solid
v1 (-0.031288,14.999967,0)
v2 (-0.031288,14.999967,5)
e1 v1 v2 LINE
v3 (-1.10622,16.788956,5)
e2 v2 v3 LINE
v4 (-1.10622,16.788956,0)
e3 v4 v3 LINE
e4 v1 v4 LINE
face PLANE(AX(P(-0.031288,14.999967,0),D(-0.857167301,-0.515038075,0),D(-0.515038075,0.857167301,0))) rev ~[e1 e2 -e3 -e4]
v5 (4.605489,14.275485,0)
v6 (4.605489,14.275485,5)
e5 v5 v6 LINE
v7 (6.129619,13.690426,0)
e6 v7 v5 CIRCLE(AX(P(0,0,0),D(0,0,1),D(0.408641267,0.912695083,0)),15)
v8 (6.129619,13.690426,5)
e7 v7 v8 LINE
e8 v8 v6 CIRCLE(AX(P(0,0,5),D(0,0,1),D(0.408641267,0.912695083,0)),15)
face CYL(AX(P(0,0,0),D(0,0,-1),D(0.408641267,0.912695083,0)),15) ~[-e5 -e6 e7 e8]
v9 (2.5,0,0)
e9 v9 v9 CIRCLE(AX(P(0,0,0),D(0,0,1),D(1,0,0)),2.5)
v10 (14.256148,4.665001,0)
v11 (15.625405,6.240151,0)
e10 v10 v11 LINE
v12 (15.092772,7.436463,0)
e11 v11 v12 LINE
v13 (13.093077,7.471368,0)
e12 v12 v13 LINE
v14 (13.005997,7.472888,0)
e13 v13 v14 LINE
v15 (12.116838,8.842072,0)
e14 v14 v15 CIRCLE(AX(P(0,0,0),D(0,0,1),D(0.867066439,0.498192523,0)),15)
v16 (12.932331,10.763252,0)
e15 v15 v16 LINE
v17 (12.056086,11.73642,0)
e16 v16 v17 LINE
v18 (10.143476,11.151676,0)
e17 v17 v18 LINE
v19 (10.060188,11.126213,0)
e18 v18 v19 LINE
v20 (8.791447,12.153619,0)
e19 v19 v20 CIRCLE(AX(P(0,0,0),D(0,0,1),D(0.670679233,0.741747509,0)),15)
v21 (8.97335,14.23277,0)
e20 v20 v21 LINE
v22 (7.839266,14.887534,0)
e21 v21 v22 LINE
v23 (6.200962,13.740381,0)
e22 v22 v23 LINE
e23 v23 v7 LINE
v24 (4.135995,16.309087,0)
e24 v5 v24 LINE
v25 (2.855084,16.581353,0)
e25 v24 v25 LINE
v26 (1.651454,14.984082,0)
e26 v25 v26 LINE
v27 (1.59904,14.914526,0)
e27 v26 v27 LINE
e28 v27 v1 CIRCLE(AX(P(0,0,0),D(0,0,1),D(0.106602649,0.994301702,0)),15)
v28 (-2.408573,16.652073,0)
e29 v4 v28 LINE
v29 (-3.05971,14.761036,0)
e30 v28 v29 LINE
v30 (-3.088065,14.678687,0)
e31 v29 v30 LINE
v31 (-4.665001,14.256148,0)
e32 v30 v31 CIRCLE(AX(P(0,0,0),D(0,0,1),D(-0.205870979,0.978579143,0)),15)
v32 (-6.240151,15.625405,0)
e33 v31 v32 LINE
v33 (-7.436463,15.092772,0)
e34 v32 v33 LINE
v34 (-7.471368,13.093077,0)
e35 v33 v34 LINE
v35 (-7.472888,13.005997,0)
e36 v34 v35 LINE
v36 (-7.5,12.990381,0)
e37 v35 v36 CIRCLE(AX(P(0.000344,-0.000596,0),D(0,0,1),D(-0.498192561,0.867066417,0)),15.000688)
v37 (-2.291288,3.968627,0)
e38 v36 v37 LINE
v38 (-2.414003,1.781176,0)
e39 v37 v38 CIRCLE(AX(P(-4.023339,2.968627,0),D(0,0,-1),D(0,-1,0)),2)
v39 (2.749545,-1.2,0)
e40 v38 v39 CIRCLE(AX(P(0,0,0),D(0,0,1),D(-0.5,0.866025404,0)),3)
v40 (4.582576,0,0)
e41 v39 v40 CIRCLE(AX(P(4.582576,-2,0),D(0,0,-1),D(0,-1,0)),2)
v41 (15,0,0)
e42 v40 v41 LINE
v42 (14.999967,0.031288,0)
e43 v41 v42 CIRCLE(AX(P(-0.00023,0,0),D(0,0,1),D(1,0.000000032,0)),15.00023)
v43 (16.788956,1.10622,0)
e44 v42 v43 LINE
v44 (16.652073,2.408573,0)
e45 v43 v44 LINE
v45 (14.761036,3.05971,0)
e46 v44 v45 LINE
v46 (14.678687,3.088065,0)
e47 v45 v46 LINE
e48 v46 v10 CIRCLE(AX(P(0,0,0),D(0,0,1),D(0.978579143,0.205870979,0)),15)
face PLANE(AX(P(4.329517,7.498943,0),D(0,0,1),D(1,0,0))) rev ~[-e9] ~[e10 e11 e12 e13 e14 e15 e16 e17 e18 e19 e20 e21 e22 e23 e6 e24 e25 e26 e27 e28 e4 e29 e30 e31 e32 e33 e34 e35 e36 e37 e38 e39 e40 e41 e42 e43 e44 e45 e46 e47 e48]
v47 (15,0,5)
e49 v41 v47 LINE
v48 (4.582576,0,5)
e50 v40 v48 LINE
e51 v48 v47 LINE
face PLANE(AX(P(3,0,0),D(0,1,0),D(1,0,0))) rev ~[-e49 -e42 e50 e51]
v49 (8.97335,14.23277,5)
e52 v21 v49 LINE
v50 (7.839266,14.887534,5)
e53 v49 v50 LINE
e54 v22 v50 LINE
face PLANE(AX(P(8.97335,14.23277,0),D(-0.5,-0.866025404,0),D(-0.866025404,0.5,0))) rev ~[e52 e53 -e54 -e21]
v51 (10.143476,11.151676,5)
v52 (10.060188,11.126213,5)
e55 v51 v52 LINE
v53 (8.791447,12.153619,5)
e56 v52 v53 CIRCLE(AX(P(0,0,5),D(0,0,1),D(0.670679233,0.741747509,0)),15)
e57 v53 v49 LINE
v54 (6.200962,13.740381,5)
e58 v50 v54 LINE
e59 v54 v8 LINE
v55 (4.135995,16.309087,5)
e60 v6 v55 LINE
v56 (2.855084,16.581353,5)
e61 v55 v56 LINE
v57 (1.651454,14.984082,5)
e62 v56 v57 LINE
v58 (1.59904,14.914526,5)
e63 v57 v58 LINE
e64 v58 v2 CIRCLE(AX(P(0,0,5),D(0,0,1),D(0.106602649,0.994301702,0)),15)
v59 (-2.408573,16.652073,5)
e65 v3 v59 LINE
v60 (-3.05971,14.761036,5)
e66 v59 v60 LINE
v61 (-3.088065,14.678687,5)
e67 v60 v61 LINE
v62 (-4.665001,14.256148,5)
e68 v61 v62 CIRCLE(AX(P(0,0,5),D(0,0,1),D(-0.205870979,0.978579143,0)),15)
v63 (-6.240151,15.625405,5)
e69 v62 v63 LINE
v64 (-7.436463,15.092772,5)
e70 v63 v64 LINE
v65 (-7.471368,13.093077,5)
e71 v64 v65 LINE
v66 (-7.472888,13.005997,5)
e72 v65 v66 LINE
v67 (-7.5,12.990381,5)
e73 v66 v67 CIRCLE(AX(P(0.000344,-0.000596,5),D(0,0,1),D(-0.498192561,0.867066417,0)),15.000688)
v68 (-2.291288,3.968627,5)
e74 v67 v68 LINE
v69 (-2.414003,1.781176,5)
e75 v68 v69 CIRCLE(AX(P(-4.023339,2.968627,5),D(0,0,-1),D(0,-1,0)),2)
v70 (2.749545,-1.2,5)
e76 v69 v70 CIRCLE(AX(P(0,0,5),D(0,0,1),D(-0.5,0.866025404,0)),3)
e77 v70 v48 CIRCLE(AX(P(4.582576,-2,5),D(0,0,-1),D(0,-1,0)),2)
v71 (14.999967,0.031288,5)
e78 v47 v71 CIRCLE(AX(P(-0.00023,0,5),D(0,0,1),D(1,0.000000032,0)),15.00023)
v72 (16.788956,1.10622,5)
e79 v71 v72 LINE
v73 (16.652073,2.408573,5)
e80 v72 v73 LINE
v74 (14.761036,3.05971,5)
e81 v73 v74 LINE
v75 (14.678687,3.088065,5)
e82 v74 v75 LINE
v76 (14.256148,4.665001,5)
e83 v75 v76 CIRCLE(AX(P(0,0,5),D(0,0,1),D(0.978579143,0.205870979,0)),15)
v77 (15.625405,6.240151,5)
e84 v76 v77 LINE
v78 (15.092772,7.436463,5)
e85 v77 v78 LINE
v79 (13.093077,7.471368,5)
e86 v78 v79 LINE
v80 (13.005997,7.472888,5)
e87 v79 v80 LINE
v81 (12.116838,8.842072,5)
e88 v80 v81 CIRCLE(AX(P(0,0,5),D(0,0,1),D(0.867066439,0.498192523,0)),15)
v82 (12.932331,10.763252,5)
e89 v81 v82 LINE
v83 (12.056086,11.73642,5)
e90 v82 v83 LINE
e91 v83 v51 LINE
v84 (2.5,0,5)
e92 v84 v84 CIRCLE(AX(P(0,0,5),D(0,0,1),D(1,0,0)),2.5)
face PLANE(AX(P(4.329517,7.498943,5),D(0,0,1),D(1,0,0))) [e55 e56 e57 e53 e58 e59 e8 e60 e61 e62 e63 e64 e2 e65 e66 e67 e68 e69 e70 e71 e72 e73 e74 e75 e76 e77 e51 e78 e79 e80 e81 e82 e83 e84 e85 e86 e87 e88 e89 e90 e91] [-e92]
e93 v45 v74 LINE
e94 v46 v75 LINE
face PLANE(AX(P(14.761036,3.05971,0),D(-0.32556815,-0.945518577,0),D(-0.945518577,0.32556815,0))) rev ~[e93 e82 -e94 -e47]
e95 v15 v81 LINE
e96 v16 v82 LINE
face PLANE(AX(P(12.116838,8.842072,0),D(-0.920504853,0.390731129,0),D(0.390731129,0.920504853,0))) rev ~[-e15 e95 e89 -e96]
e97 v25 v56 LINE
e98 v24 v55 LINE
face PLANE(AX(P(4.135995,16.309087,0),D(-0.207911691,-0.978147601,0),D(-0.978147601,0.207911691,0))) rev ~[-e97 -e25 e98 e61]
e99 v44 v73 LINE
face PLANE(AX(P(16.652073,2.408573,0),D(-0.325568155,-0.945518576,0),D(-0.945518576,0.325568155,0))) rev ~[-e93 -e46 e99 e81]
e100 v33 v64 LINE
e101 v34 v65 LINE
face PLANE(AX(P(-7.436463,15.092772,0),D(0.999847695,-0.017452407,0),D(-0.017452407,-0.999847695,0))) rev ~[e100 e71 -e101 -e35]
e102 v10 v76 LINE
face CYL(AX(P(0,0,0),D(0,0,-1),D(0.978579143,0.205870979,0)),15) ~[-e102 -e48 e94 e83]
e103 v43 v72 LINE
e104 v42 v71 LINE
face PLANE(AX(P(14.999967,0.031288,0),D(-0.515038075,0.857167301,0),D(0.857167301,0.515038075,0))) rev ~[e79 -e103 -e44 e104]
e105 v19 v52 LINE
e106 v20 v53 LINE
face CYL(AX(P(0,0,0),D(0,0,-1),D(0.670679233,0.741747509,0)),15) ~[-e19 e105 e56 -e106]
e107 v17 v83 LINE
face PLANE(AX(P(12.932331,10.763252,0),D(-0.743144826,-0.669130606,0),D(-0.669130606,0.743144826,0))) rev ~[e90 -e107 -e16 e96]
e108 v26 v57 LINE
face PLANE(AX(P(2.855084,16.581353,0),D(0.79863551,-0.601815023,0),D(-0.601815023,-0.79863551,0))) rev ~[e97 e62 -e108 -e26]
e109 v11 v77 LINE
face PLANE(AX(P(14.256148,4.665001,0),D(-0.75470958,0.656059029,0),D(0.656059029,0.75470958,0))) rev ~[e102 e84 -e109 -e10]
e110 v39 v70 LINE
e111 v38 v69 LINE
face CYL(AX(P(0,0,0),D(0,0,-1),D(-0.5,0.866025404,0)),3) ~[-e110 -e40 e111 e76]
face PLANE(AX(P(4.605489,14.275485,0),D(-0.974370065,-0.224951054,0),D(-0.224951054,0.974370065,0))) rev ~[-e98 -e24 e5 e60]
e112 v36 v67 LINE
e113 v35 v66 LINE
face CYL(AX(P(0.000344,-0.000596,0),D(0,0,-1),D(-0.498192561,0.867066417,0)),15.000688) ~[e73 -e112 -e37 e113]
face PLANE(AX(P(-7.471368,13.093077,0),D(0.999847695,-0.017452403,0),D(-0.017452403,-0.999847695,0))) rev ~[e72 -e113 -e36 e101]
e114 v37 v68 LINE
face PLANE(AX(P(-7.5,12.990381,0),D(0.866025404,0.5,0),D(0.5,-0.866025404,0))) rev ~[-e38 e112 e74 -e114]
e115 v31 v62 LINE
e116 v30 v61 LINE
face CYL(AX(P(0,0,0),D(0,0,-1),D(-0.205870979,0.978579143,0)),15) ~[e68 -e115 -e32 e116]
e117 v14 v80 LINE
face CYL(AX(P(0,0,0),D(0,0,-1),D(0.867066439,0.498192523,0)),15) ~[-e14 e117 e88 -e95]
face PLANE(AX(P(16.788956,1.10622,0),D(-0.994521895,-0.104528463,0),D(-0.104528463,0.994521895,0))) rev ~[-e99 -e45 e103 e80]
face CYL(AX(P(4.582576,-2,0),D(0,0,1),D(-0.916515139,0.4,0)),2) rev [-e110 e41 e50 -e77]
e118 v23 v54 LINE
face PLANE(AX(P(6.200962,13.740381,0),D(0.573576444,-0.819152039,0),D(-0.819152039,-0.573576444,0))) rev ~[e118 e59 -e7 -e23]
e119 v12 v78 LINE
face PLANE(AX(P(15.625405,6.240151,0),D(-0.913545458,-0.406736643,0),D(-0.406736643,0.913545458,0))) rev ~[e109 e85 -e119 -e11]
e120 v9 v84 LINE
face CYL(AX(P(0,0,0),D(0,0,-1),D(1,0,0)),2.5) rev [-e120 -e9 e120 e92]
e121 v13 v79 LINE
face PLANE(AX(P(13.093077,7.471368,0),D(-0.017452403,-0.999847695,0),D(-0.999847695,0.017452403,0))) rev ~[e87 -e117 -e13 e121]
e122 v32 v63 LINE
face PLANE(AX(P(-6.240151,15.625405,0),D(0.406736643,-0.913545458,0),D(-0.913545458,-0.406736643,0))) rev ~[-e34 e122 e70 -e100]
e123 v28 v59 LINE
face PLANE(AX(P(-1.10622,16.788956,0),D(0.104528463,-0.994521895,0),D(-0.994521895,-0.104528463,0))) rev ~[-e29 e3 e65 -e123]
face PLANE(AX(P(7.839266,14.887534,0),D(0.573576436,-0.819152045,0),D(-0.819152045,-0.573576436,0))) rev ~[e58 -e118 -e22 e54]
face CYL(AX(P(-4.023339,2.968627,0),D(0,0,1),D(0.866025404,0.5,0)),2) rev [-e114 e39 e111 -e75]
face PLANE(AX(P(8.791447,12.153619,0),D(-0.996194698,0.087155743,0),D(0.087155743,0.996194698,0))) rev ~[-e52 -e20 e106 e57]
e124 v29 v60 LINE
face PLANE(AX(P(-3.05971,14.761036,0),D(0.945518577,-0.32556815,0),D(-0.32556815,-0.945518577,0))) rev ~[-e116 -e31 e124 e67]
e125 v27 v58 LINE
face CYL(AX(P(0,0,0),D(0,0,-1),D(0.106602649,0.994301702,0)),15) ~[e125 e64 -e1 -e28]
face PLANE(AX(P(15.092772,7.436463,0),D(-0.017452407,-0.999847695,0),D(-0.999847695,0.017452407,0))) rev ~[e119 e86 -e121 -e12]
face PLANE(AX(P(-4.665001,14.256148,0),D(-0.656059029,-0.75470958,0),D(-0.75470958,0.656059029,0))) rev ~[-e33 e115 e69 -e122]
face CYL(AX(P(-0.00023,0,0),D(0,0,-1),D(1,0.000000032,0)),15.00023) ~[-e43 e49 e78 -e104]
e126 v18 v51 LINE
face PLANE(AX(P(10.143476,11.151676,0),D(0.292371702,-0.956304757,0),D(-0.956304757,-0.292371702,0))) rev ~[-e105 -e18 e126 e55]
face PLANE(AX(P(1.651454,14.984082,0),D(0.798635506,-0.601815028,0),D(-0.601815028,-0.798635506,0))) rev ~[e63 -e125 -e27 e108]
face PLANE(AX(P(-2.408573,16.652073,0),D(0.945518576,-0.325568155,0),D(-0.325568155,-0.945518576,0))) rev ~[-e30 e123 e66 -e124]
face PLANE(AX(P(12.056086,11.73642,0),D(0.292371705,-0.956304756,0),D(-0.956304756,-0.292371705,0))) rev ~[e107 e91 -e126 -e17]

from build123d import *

# Parameters (mm, degrees)
SKETCH1_R           = 2.5
BOSS_EXTRUDE1_DEPTH = 5
FILLET1_R           = 2
FILLET2_R           = 2


with BuildPart() as part:
    # Sketch1 → Boss-Extrude1 (new body)
    with BuildSketch(Plane.XY):
        with BuildLine():
            Line((-7.5, 12.990381057), (-1.5, 2.598076211))
            ThreePointArc((-1.5, 2.598076211), (-1.5, -2.598076211), (3, 0))
            Line((3, 0), (15, 0))
            ThreePointArc((15, 0), (14.999991842, 0.01564381), (14.999967369, 0.031287604))
            Line((14.999967369, 0.031287604), (16.788955727, 1.106220256))
            Line((16.788955727, 1.106220256), (16.652072887, 2.408573483))
            Line((16.652072887, 2.408573483), (14.761035736, 3.059709792))
            Line((14.761035736, 3.059709792), (14.678687152, 3.088064683))
            ThreePointArc((14.678687152, 3.088064683), (14.488887394, 3.882285677), (14.25614831, 4.665001112))
            Line((14.25614831, 4.665001112), (15.625404887, 6.24015062))
            Line((15.625404887, 6.24015062), (15.09277229, 7.43646302))
            Line((15.09277229, 7.43646302), (13.0930769, 7.471367833))
            Line((13.0930769, 7.471367833), (13.0059966, 7.472887825))
            ThreePointArc((13.0059966, 7.472887825), (12.580058519, 8.169585525), (12.116838125, 8.842071808))
            Line((12.116838125, 8.842071808), (12.932330549, 10.763251564))
            Line((12.932330549, 10.763251564), (12.056085985, 11.736419743))
            Line((12.056085985, 11.736419743), (10.143476473, 11.151676334))
            Line((10.143476473, 11.151676334), (10.060188482, 11.12621264))
            ThreePointArc((10.060188482, 11.12621264), (9.439805866, 11.657189422), (8.791447401, 12.153618909))
            Line((8.791447401, 12.153618909), (8.973349591, 14.232770453))
            Line((8.973349591, 14.232770453), (7.839265983, 14.887533929))
            Line((7.839265983, 14.887533929), (6.200961894, 13.740381057))
            Line((6.200961894, 13.740381057), (6.129619023, 13.69042624))
            ThreePointArc((6.129619023, 13.69042624), (5.375519243, 14.003706397), (4.605488553, 14.275485112))
            Line((4.605488553, 14.275485112), (4.135994655, 16.309086604))
            Line((4.135994655, 16.309086604), (2.855084007, 16.581352567))
            Line((2.855084007, 16.581352567), (1.651453961, 14.984081547))
            Line((1.651453961, 14.984081547), (1.599039745, 14.914525534))
            ThreePointArc((1.599039745, 14.914525534), (0.785039344, 14.979443021), (-0.031287604, 14.999967369))
            Line((-0.031287604, 14.999967369), (-1.106220256, 16.788955727))
            Line((-1.106220256, 16.788955727), (-2.408573483, 16.652072887))
            Line((-2.408573483, 16.652072887), (-3.059709792, 14.761035736))
            Line((-3.059709792, 14.761035736), (-3.088064683, 14.678687152))
            ThreePointArc((-3.088064683, 14.678687152), (-3.882285677, 14.488887394), (-4.665001112, 14.25614831))
            Line((-4.665001112, 14.25614831), (-6.24015062, 15.625404887))
            Line((-6.24015062, 15.625404887), (-7.43646302, 15.09277229))
            Line((-7.43646302, 15.09277229), (-7.471367833, 13.0930769))
            Line((-7.471367833, 13.0930769), (-7.472887825, 13.0059966))
            ThreePointArc((-7.472887825, 13.0059966), (-7.486447984, 12.998195897), (-7.5, 12.990381057))
        make_face()
        Circle(SKETCH1_R, mode=Mode.SUBTRACT)
    extrude(amount=BOSS_EXTRUDE1_DEPTH)

    # Fillet1
    fillet1_edges = [part.edges().sort_by_distance(p)[0] for p in [
        (-1.5, 2.598076211, 2.5),
    ]]
    fillet(fillet1_edges, radius=FILLET1_R)

    # Fillet2
    fillet2_edges = [part.edges().sort_by_distance(p)[0] for p in [
        (3, 0, 2.5),
    ]]
    fillet(fillet2_edges, radius=FILLET2_R)


solid = part.part
